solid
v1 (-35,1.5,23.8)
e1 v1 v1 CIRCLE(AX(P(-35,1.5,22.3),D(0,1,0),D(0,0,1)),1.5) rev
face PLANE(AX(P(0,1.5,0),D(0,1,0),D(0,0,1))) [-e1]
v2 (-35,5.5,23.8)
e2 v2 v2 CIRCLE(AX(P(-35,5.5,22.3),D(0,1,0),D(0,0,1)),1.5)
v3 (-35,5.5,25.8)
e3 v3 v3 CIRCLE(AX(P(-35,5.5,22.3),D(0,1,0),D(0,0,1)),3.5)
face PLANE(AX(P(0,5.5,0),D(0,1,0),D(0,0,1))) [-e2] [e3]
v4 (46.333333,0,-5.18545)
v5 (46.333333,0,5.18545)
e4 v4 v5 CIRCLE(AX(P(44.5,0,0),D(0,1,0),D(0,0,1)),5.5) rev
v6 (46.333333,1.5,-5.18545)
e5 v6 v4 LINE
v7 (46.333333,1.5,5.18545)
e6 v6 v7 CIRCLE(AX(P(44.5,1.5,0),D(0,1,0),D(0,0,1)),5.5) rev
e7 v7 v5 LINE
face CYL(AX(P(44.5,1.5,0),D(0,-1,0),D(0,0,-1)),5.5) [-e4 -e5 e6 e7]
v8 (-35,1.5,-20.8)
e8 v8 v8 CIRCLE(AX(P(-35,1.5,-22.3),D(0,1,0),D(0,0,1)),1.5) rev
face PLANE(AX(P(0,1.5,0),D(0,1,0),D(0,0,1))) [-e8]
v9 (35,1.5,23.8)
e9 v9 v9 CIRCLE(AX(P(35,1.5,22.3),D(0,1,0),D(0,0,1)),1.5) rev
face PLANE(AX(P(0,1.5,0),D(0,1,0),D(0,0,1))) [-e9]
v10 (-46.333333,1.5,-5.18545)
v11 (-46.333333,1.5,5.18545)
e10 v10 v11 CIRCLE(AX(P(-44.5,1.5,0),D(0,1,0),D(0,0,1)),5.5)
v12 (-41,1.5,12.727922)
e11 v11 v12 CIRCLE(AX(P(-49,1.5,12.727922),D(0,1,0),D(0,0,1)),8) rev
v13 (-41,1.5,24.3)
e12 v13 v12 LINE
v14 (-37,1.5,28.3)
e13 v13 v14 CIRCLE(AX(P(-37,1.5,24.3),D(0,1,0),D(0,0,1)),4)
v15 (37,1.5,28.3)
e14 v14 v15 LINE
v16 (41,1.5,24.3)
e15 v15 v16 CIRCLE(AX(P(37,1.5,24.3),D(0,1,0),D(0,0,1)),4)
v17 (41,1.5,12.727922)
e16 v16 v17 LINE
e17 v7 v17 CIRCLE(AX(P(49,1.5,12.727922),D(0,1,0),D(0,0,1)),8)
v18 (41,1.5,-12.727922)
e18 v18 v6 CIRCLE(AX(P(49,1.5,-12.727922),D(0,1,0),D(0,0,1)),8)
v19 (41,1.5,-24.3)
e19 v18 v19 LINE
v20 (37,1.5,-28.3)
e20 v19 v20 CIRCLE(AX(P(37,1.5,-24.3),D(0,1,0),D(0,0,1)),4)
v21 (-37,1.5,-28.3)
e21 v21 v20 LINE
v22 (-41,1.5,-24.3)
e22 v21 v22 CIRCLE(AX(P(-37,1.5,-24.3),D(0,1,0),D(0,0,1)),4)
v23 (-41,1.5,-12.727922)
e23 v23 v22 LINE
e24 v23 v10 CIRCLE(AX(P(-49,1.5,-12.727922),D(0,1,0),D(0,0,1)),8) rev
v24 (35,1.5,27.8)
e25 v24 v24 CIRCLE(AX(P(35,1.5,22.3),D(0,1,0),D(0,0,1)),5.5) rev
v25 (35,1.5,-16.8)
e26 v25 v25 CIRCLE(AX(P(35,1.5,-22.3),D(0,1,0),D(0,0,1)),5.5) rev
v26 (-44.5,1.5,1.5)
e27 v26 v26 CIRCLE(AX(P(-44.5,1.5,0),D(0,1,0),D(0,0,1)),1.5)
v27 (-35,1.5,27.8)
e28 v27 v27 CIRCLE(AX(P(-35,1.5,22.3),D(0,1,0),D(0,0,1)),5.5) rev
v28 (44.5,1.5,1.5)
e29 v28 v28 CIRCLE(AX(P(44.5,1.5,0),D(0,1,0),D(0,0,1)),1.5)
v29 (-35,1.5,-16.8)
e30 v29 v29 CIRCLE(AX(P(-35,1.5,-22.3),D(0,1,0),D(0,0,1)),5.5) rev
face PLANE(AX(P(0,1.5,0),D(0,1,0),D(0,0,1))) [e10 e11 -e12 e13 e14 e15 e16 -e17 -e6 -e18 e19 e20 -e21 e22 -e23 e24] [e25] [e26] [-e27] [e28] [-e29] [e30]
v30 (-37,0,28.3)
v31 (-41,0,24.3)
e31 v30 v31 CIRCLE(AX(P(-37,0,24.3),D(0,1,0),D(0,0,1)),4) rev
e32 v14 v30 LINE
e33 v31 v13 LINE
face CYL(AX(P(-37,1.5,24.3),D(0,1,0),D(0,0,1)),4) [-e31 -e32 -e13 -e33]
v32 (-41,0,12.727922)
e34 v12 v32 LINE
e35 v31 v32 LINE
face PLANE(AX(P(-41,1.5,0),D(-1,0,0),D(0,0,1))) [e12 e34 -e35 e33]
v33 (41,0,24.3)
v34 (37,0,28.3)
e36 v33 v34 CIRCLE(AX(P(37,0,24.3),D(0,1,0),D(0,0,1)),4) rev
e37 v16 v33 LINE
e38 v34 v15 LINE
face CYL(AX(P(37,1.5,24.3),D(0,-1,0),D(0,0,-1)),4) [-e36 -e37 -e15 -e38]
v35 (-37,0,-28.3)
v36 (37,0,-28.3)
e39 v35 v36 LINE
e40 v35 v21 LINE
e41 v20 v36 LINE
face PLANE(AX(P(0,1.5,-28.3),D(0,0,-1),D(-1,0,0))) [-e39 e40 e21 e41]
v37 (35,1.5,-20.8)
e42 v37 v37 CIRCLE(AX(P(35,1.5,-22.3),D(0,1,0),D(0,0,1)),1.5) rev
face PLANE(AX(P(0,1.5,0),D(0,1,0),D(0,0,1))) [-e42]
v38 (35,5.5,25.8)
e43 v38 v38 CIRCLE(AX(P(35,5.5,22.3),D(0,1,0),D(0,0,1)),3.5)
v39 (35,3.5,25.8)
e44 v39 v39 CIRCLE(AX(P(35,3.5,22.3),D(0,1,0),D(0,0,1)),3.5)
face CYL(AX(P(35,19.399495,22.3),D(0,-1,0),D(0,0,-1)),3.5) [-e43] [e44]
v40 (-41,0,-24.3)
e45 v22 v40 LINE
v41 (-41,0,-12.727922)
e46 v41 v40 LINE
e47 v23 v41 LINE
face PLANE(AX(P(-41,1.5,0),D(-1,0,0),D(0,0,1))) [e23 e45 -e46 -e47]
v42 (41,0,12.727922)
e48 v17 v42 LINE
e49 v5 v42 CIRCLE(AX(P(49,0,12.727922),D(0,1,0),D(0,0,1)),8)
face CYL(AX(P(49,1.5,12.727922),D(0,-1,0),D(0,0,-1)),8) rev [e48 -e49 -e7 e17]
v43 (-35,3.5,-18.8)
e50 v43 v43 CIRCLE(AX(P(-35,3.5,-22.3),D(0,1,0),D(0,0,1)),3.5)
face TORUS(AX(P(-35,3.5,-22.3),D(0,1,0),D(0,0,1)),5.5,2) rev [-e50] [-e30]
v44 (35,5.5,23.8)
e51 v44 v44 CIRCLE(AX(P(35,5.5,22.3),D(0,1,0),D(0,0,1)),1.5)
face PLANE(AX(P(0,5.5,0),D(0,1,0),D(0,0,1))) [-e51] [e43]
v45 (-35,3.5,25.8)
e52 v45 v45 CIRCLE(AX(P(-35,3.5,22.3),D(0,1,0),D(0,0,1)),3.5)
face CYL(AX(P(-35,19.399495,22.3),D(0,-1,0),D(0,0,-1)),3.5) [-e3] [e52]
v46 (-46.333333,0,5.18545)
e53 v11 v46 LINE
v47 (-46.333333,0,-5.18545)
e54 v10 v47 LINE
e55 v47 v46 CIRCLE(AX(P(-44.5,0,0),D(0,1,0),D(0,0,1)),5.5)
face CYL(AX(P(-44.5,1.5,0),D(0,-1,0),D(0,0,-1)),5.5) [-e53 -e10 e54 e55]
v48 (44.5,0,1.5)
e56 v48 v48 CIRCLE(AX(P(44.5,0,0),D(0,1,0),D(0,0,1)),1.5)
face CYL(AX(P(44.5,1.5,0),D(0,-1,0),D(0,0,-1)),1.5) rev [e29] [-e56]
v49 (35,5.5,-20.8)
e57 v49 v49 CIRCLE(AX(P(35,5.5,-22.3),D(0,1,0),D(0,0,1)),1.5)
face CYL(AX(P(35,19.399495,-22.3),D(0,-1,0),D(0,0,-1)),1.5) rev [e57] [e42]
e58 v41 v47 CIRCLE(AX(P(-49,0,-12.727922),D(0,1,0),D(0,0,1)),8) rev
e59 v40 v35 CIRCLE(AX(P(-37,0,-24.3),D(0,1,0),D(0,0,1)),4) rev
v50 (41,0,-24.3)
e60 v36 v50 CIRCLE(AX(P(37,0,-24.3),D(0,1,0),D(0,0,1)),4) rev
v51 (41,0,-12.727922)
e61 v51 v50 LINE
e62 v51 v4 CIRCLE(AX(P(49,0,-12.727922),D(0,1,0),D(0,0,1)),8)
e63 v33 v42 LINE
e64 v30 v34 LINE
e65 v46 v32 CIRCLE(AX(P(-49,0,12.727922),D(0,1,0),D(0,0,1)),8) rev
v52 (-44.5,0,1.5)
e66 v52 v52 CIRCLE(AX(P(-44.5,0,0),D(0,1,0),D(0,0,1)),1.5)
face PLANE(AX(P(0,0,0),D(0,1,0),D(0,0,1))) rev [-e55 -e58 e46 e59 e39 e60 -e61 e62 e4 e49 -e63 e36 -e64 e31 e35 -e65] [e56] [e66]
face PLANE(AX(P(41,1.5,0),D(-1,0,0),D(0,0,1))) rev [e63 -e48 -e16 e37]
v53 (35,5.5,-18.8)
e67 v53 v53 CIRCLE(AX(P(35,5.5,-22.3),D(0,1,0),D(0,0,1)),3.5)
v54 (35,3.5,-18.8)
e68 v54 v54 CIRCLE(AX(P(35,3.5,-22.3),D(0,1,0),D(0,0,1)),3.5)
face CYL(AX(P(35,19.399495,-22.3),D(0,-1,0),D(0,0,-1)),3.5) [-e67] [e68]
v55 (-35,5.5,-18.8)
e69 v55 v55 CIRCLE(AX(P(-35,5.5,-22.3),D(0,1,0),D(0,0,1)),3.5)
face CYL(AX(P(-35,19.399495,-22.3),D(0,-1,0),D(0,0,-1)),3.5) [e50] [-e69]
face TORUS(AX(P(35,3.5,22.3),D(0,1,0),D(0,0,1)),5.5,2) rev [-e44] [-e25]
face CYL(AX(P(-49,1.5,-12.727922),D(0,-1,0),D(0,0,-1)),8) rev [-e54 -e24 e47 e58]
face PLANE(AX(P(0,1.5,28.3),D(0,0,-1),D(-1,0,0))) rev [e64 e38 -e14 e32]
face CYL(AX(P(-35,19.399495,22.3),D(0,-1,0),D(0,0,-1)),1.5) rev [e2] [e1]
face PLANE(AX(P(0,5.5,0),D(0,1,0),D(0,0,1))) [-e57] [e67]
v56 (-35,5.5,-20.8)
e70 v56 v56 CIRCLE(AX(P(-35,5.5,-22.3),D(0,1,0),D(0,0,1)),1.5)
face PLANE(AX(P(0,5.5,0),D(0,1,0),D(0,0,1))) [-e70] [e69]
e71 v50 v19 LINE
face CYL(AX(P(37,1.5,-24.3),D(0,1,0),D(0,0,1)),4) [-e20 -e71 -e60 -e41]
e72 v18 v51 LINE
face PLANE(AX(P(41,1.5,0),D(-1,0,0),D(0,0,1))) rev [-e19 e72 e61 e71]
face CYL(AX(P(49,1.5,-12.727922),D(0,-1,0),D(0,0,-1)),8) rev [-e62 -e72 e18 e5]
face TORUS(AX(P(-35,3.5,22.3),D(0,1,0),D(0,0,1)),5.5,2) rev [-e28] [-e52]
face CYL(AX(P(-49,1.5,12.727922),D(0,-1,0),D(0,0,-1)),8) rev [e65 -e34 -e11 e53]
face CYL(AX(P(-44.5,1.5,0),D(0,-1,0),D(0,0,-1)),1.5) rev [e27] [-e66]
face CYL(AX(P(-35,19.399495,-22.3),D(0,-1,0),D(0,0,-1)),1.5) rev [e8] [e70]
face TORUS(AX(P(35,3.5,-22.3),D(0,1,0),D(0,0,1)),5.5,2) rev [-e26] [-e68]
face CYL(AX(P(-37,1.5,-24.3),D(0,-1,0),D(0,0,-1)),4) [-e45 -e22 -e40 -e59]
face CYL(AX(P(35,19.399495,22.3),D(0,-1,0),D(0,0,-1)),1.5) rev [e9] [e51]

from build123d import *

# Parameters (mm, degrees)
SKETCH1_W           = 82
SKETCH1_H           = 56.6
SKETCH1_R           = 3.5
SKETCH1_R_2         = 1.5
BOSS_EXTRUDE1_DEPTH = 1.5
SKETCH1_3_R         = 3.5
SKETCH1_3_R_2       = 1.5
BOSS_EXTRUDE2_DEPTH = 5.5
FILLET1_R           = 2
FILLET2_R           = 4


with BuildPart() as part:
    # Sketch1 → Boss-Extrude1 (new body)
    # profile 1 of 11: a face of its own
    with BuildSketch(Plane(origin=(0, 0, 0), x_dir=(1, 0, 0), z_dir=(0, 1, 0))):
        Rectangle(SKETCH1_W, SKETCH1_H)
        with Locations((-35, -22.3)):
            Circle(SKETCH1_R, mode=Mode.SUBTRACT)
        with Locations((35, -22.3)):
            Circle(SKETCH1_R, mode=Mode.SUBTRACT)
        with Locations((35, 22.3)):
            Circle(SKETCH1_R, mode=Mode.SUBTRACT)
        with Locations((-35, 22.3)):
            Circle(SKETCH1_R, mode=Mode.SUBTRACT)
    # profile 2 of 11: a face of its own
    with BuildSketch(Plane(origin=(0, 0, 0), x_dir=(1, 0, 0), z_dir=(0, 1, 0))):
        with BuildLine():
            ThreePointArc((-46.333333333, -5.185449729), (-42.468027353, -8.109119908), (-41, -12.727922061))
            Line((-41, -12.727922061), (-41, 12.727922061))
            ThreePointArc((-41, 12.727922061), (-42.468027353, 8.109119908), (-46.333333333, 5.185449729))
            ThreePointArc((-46.333333333, 5.185449729), (-50, 0), (-46.333333333, -5.185449729))
        make_face()
        with Locations(Location((-44.5, 0, 0), (0, 0, 270))):
            Circle(SKETCH1_R_2, mode=Mode.SUBTRACT)
    # profile 3 of 11: a face of its own
    with BuildSketch(Plane(origin=(0, 0, 0), x_dir=(1, 0, 0), z_dir=(0, 1, 0))):
        with BuildLine():
            Line((41, 12.727922061), (41, -12.727922061))
            ThreePointArc((41, -12.727922061), (42.468027353, -8.109119908), (46.333333333, -5.185449729))
            ThreePointArc((46.333333333, -5.185449729), (50, 0), (46.333333333, 5.185449729))
            ThreePointArc((46.333333333, 5.185449729), (42.468027353, 8.109119908), (41, 12.727922061))
        make_face()
        with Locations(Location((44.5, 0, 0), (0, 0, 270))):
            Circle(SKETCH1_R_2, mode=Mode.SUBTRACT)
    # profile 4 of 11: a face of its own
    with BuildSketch(Plane(origin=(0, 0, 0), x_dir=(1, 0, 0), z_dir=(0, 1, 0))):
        with Locations((-35, -22.3)):
            Circle(SKETCH1_R)
        with Locations((-35, -22.3)):
            Circle(SKETCH1_R_2, mode=Mode.SUBTRACT)
    # profile 5 of 11: a face of its own
    with BuildSketch(Plane(origin=(0, 0, 0), x_dir=(1, 0, 0), z_dir=(0, 1, 0))):
        with Locations((-35, -22.3)):
            Circle(SKETCH1_R_2)
    # profile 6 of 11: a face of its own
    with BuildSketch(Plane(origin=(0, 0, 0), x_dir=(1, 0, 0), z_dir=(0, 1, 0))):
        with Locations((35, -22.3)):
            Circle(SKETCH1_R)
        with Locations((35, -22.3)):
            Circle(SKETCH1_R_2, mode=Mode.SUBTRACT)
    # profile 7 of 11: a face of its own
    with BuildSketch(Plane(origin=(0, 0, 0), x_dir=(1, 0, 0), z_dir=(0, 1, 0))):
        with Locations((35, -22.3)):
            Circle(SKETCH1_R_2)
    # profile 8 of 11: a face of its own
    with BuildSketch(Plane(origin=(0, 0, 0), x_dir=(1, 0, 0), z_dir=(0, 1, 0))):
        with Locations((35, 22.3)):
            Circle(SKETCH1_R)
        with Locations((35, 22.3)):
            Circle(SKETCH1_R_2, mode=Mode.SUBTRACT)
    # profile 9 of 11: a face of its own
    with BuildSketch(Plane(origin=(0, 0, 0), x_dir=(1, 0, 0), z_dir=(0, 1, 0))):
        with Locations((35, 22.3)):
            Circle(SKETCH1_R_2)
    # profile 10 of 11: a face of its own
    with BuildSketch(Plane(origin=(0, 0, 0), x_dir=(1, 0, 0), z_dir=(0, 1, 0))):
        with Locations((-35, 22.3)):
            Circle(SKETCH1_R)
        with Locations((-35, 22.3)):
            Circle(SKETCH1_R_2, mode=Mode.SUBTRACT)
    # profile 11 of 11: a face of its own
    with BuildSketch(Plane(origin=(0, 0, 0), x_dir=(1, 0, 0), z_dir=(0, 1, 0))):
        with Locations((-35, 22.3)):
            Circle(SKETCH1_R_2)
    extrude(amount=BOSS_EXTRUDE1_DEPTH)

    # Sketch1<3> → Boss-Extrude2 (add)
    # profile 1 of 4: a face of its own
    with BuildSketch(Plane(origin=(0, 0, 0), x_dir=(1, 0, 0), z_dir=(0, 1, 0))):
        with Locations(Location((-35, 22.3, 0), (0, 0, 270))):
            Circle(SKETCH1_3_R)
        with Locations(Location((-35, 22.3, 0), (0, 0, 270))):
            Circle(SKETCH1_3_R_2, mode=Mode.SUBTRACT)
    # profile 2 of 4: a face of its own
    with BuildSketch(Plane(origin=(0, 0, 0), x_dir=(1, 0, 0), z_dir=(0, 1, 0))):
        with Locations(Location((35, 22.3, 0), (0, 0, 270))):
            Circle(SKETCH1_3_R)
        with Locations(Location((35, 22.3, 0), (0, 0, 270))):
            Circle(SKETCH1_3_R_2, mode=Mode.SUBTRACT)
    # profile 3 of 4: a face of its own
    with BuildSketch(Plane(origin=(0, 0, 0), x_dir=(1, 0, 0), z_dir=(0, 1, 0))):
        with Locations(Location((35, -22.3, 0), (0, 0, 270))):
            Circle(SKETCH1_3_R)
        with Locations(Location((35, -22.3, 0), (0, 0, 270))):
            Circle(SKETCH1_3_R_2, mode=Mode.SUBTRACT)
    # profile 4 of 4: a face of its own
    with BuildSketch(Plane(origin=(0, 0, 0), x_dir=(1, 0, 0), z_dir=(0, 1, 0))):
        with Locations(Location((-35, -22.3, 0), (0, 0, 270))):
            Circle(SKETCH1_3_R)
        with Locations(Location((-35, -22.3, 0), (0, 0, 270))):
            Circle(SKETCH1_3_R_2, mode=Mode.SUBTRACT)
    extrude(amount=BOSS_EXTRUDE2_DEPTH)

    # Fillet1
    fillet1_edges = [part.edges().sort_by_distance(p)[0] for p in [
        (-35, 1.5, -25.8),
        (35, 1.5, -25.8),
        (35, 1.5, 18.8),
        (-35, 1.5, 18.8),
    ]]
    fillet(fillet1_edges, radius=FILLET1_R)

    # Fillet2
    fillet2_edges = [part.edges().sort_by_distance(p)[0] for p in [
        (-41, 0.75, 28.3),
        (-41, 0.75, -28.3),
        (41, 0.75, -28.3),
        (41, 0.75, 28.3),
    ]]
    fillet(fillet2_edges, radius=FILLET2_R)


solid = part.part
